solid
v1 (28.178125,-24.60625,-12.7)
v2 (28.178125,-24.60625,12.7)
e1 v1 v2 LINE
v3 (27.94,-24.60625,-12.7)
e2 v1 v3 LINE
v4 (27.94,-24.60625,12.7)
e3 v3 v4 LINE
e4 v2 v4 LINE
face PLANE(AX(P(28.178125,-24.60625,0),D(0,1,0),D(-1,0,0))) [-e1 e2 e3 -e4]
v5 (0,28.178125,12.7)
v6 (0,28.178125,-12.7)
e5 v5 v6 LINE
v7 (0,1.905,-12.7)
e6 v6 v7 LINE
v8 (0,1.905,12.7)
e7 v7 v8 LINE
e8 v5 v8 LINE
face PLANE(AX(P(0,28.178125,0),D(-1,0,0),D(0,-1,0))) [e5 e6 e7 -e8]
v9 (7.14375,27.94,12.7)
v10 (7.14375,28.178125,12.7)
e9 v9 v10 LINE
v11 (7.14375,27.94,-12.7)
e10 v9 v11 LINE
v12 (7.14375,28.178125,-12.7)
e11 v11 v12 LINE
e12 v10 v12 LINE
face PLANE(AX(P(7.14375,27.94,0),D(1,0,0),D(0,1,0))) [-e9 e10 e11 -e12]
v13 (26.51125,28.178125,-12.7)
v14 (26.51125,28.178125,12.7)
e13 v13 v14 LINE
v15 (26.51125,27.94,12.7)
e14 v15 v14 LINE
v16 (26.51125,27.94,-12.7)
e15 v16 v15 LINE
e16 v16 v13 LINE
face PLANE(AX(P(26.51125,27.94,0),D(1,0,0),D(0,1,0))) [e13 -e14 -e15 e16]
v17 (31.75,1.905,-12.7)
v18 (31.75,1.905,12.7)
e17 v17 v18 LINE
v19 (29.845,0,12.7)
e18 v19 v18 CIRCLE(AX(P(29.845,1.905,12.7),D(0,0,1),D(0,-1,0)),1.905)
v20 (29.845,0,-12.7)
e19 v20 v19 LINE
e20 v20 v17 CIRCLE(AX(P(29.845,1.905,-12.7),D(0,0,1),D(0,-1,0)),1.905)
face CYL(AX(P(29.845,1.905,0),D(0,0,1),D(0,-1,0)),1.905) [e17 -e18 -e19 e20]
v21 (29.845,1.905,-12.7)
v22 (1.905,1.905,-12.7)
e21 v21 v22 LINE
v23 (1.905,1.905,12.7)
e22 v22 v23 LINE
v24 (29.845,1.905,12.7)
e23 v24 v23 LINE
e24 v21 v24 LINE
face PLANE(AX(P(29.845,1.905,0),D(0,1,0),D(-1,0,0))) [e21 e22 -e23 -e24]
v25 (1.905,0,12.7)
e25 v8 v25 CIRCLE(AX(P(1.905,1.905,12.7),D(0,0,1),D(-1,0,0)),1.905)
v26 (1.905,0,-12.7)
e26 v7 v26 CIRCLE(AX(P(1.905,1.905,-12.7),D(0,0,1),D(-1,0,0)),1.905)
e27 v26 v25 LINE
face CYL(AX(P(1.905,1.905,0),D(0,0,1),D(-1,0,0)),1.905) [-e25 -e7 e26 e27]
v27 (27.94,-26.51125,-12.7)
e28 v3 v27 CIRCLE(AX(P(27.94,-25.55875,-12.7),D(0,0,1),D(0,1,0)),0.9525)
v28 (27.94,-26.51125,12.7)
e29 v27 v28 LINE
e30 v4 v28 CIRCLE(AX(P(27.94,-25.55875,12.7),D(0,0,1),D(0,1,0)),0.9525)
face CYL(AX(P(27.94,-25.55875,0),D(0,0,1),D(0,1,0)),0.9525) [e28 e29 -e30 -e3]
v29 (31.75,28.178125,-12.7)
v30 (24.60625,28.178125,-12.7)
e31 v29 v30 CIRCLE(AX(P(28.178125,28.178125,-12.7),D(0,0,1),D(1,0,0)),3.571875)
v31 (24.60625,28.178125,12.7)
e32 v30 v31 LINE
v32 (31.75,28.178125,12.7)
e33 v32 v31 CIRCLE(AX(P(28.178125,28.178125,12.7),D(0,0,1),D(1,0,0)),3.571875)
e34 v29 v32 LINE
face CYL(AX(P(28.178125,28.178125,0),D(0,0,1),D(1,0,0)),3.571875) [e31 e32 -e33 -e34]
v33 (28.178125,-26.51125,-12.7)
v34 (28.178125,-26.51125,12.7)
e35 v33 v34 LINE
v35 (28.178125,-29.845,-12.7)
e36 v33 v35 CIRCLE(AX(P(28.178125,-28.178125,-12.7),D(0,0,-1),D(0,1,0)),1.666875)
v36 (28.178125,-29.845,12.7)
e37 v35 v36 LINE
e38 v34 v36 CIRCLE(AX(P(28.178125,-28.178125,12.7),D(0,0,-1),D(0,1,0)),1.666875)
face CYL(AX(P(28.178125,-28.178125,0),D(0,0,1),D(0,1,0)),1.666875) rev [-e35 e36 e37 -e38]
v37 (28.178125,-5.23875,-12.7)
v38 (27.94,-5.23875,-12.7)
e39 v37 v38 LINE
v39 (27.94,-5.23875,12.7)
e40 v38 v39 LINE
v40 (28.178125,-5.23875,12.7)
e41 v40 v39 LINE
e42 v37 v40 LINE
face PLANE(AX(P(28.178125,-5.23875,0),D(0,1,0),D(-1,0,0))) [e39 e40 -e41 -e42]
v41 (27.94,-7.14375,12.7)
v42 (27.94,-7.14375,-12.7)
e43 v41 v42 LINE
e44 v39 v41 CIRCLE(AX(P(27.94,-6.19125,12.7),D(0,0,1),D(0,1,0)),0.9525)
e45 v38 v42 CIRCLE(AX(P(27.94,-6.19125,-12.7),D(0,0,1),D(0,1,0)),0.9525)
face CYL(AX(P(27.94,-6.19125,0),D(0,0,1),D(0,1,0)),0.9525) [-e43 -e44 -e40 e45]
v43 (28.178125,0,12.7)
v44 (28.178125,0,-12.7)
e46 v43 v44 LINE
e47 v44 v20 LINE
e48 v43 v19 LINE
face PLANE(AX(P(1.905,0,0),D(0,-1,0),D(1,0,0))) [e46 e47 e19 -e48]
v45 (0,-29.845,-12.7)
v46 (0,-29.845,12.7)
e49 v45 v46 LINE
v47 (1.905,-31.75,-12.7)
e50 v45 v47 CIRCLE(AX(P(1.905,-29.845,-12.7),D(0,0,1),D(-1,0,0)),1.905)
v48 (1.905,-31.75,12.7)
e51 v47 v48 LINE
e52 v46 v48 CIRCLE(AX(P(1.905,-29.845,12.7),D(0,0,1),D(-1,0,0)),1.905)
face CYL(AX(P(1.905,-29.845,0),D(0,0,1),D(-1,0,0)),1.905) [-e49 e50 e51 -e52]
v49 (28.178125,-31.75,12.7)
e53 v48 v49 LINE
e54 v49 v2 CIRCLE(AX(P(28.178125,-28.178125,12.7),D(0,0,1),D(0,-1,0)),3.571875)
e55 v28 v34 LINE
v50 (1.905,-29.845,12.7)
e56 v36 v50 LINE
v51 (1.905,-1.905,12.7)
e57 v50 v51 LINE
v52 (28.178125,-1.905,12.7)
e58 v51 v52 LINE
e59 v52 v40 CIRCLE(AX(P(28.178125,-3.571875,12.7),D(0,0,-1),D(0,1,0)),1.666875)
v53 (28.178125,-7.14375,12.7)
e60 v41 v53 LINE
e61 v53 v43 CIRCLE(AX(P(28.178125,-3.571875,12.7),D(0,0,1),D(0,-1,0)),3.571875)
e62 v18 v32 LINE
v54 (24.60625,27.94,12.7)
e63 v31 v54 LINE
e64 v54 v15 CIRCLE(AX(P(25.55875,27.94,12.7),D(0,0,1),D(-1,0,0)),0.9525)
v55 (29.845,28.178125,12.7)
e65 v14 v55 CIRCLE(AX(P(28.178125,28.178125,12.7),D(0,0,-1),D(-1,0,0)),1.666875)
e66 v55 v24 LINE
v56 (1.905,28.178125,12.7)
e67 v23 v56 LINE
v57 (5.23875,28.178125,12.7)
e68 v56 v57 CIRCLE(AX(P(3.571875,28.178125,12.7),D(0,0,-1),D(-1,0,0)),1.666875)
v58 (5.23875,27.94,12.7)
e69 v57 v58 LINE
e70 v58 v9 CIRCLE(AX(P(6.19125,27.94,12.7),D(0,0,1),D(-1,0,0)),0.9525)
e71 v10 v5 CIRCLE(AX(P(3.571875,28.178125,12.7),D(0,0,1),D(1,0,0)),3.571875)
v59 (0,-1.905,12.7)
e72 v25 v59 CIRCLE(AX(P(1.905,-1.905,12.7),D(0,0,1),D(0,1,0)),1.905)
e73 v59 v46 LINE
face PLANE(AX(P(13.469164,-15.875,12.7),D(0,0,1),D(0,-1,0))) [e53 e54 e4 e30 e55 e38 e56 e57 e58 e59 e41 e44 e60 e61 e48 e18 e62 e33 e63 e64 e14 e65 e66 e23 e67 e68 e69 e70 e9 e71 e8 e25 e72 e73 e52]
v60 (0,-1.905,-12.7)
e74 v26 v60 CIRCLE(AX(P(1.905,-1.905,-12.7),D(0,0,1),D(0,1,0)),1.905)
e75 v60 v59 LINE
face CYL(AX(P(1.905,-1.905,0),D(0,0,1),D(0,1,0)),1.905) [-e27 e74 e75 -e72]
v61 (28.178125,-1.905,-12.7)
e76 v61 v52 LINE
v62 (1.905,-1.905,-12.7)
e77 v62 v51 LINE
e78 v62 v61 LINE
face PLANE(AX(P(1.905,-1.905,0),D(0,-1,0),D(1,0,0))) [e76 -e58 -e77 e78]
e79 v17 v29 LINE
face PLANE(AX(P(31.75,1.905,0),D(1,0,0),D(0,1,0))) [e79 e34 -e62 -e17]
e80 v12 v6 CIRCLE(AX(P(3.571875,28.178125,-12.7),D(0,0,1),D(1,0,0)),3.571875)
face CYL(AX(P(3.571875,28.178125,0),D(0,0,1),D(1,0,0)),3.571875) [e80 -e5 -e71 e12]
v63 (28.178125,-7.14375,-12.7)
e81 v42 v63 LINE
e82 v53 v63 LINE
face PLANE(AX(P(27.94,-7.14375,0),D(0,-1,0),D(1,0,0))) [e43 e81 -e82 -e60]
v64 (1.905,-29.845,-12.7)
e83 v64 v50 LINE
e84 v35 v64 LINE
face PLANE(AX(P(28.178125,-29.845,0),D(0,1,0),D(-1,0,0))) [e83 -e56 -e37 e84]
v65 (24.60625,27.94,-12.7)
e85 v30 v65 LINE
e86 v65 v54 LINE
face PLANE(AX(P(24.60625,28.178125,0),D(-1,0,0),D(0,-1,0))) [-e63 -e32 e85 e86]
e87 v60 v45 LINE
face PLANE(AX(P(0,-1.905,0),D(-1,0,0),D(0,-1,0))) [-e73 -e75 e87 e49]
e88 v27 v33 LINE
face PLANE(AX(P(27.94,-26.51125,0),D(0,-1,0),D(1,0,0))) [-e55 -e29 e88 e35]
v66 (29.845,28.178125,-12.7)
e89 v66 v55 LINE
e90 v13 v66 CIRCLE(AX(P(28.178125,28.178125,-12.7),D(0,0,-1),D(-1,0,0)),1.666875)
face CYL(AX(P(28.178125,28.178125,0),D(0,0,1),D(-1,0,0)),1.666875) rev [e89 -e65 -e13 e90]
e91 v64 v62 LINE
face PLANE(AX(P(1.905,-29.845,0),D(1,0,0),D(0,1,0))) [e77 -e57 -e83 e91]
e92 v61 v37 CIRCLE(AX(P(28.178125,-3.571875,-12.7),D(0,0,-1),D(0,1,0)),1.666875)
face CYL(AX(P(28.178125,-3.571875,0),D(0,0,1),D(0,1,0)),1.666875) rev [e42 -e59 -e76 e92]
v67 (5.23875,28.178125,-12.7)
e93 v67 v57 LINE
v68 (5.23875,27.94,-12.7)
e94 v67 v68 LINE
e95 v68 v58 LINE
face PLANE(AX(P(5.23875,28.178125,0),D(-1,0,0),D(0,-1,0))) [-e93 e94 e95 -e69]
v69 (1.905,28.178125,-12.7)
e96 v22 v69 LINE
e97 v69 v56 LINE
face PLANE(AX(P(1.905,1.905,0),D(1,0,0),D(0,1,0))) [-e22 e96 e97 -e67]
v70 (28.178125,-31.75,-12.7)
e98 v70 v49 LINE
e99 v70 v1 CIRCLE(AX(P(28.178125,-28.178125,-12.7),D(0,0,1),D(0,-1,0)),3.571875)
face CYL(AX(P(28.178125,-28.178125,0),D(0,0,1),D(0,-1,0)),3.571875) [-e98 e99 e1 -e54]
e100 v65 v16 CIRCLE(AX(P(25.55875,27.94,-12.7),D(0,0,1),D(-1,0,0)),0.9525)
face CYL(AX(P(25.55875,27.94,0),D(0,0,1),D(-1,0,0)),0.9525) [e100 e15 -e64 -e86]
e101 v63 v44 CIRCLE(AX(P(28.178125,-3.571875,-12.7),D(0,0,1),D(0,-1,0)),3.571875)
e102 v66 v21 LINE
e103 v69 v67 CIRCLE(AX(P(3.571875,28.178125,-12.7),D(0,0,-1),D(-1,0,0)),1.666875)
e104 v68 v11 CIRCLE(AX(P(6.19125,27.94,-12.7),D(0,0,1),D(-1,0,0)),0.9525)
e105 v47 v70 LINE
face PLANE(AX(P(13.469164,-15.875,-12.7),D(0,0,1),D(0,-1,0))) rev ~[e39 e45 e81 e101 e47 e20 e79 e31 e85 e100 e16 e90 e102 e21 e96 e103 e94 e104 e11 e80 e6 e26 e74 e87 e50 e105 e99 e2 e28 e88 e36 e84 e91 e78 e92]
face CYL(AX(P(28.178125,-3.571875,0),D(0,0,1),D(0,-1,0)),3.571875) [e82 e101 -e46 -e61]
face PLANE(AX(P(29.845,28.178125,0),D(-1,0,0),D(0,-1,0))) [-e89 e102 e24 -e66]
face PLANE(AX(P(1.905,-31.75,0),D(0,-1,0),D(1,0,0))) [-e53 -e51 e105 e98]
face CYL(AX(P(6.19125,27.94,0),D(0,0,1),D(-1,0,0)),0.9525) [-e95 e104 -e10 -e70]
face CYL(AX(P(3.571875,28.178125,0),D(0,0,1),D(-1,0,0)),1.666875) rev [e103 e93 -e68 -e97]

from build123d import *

# Parameters (mm, degrees)
BASE_EXTRUDE_DEPTH = 12.7
CIRPATTERN1_COUNT  = 2
CIRPATTERN1_ANGLE  = 270


with BuildPart() as part:
    # Sketch1 → Base-Extrude (new, symmetric)
    with BuildSketch(Plane.XY):
        with BuildLine():
            Line((0, 28.178125), (0, 1.905))
            ThreePointArc((0, 1.905), (0.557961582, 0.557961582), (1.905, 0))
            Line((1.905, 0), (29.845, 0))
            ThreePointArc((29.845, 0), (31.192038418, 0.557961582), (31.75, 1.905))
            Line((31.75, 1.905), (31.75, 28.178125))
            ThreePointArc((31.75, 28.178125), (28.178125, 31.75), (24.60625, 28.178125))
            Line((24.60625, 28.178125), (24.60625, 27.94))
            ThreePointArc((24.60625, 27.94), (25.55875, 26.9875), (26.51125, 27.94))
            Line((26.51125, 27.94), (26.51125, 28.178125))
            ThreePointArc((26.51125, 28.178125), (28.178125, 29.845), (29.845, 28.178125))
            Line((29.845, 28.178125), (29.845, 1.905))
            Line((29.845, 1.905), (1.905, 1.905))
            Line((1.905, 1.905), (1.905, 28.178125))
            ThreePointArc((1.905, 28.178125), (3.571875, 29.845), (5.23875, 28.178125))
            Line((5.23875, 28.178125), (5.23875, 27.94))
            ThreePointArc((5.23875, 27.94), (6.19125, 26.9875), (7.14375, 27.94))
            Line((7.14375, 27.94), (7.14375, 28.178125))
            ThreePointArc((7.14375, 28.178125), (3.571875, 31.75), (0, 28.178125))
        make_face()
    base_extrude = extrude(amount=BASE_EXTRUDE_DEPTH, both=True)

    # CirPattern1: Base-Extrude ×2 about axis
    cirpattern1_axis = Axis((0, 0, 0), (0, 0, 1))
    for i in range(1, CIRPATTERN1_COUNT):
        add(base_extrude.rotate(cirpattern1_axis, i * CIRPATTERN1_ANGLE / (CIRPATTERN1_COUNT - 1)))


solid = part.part
